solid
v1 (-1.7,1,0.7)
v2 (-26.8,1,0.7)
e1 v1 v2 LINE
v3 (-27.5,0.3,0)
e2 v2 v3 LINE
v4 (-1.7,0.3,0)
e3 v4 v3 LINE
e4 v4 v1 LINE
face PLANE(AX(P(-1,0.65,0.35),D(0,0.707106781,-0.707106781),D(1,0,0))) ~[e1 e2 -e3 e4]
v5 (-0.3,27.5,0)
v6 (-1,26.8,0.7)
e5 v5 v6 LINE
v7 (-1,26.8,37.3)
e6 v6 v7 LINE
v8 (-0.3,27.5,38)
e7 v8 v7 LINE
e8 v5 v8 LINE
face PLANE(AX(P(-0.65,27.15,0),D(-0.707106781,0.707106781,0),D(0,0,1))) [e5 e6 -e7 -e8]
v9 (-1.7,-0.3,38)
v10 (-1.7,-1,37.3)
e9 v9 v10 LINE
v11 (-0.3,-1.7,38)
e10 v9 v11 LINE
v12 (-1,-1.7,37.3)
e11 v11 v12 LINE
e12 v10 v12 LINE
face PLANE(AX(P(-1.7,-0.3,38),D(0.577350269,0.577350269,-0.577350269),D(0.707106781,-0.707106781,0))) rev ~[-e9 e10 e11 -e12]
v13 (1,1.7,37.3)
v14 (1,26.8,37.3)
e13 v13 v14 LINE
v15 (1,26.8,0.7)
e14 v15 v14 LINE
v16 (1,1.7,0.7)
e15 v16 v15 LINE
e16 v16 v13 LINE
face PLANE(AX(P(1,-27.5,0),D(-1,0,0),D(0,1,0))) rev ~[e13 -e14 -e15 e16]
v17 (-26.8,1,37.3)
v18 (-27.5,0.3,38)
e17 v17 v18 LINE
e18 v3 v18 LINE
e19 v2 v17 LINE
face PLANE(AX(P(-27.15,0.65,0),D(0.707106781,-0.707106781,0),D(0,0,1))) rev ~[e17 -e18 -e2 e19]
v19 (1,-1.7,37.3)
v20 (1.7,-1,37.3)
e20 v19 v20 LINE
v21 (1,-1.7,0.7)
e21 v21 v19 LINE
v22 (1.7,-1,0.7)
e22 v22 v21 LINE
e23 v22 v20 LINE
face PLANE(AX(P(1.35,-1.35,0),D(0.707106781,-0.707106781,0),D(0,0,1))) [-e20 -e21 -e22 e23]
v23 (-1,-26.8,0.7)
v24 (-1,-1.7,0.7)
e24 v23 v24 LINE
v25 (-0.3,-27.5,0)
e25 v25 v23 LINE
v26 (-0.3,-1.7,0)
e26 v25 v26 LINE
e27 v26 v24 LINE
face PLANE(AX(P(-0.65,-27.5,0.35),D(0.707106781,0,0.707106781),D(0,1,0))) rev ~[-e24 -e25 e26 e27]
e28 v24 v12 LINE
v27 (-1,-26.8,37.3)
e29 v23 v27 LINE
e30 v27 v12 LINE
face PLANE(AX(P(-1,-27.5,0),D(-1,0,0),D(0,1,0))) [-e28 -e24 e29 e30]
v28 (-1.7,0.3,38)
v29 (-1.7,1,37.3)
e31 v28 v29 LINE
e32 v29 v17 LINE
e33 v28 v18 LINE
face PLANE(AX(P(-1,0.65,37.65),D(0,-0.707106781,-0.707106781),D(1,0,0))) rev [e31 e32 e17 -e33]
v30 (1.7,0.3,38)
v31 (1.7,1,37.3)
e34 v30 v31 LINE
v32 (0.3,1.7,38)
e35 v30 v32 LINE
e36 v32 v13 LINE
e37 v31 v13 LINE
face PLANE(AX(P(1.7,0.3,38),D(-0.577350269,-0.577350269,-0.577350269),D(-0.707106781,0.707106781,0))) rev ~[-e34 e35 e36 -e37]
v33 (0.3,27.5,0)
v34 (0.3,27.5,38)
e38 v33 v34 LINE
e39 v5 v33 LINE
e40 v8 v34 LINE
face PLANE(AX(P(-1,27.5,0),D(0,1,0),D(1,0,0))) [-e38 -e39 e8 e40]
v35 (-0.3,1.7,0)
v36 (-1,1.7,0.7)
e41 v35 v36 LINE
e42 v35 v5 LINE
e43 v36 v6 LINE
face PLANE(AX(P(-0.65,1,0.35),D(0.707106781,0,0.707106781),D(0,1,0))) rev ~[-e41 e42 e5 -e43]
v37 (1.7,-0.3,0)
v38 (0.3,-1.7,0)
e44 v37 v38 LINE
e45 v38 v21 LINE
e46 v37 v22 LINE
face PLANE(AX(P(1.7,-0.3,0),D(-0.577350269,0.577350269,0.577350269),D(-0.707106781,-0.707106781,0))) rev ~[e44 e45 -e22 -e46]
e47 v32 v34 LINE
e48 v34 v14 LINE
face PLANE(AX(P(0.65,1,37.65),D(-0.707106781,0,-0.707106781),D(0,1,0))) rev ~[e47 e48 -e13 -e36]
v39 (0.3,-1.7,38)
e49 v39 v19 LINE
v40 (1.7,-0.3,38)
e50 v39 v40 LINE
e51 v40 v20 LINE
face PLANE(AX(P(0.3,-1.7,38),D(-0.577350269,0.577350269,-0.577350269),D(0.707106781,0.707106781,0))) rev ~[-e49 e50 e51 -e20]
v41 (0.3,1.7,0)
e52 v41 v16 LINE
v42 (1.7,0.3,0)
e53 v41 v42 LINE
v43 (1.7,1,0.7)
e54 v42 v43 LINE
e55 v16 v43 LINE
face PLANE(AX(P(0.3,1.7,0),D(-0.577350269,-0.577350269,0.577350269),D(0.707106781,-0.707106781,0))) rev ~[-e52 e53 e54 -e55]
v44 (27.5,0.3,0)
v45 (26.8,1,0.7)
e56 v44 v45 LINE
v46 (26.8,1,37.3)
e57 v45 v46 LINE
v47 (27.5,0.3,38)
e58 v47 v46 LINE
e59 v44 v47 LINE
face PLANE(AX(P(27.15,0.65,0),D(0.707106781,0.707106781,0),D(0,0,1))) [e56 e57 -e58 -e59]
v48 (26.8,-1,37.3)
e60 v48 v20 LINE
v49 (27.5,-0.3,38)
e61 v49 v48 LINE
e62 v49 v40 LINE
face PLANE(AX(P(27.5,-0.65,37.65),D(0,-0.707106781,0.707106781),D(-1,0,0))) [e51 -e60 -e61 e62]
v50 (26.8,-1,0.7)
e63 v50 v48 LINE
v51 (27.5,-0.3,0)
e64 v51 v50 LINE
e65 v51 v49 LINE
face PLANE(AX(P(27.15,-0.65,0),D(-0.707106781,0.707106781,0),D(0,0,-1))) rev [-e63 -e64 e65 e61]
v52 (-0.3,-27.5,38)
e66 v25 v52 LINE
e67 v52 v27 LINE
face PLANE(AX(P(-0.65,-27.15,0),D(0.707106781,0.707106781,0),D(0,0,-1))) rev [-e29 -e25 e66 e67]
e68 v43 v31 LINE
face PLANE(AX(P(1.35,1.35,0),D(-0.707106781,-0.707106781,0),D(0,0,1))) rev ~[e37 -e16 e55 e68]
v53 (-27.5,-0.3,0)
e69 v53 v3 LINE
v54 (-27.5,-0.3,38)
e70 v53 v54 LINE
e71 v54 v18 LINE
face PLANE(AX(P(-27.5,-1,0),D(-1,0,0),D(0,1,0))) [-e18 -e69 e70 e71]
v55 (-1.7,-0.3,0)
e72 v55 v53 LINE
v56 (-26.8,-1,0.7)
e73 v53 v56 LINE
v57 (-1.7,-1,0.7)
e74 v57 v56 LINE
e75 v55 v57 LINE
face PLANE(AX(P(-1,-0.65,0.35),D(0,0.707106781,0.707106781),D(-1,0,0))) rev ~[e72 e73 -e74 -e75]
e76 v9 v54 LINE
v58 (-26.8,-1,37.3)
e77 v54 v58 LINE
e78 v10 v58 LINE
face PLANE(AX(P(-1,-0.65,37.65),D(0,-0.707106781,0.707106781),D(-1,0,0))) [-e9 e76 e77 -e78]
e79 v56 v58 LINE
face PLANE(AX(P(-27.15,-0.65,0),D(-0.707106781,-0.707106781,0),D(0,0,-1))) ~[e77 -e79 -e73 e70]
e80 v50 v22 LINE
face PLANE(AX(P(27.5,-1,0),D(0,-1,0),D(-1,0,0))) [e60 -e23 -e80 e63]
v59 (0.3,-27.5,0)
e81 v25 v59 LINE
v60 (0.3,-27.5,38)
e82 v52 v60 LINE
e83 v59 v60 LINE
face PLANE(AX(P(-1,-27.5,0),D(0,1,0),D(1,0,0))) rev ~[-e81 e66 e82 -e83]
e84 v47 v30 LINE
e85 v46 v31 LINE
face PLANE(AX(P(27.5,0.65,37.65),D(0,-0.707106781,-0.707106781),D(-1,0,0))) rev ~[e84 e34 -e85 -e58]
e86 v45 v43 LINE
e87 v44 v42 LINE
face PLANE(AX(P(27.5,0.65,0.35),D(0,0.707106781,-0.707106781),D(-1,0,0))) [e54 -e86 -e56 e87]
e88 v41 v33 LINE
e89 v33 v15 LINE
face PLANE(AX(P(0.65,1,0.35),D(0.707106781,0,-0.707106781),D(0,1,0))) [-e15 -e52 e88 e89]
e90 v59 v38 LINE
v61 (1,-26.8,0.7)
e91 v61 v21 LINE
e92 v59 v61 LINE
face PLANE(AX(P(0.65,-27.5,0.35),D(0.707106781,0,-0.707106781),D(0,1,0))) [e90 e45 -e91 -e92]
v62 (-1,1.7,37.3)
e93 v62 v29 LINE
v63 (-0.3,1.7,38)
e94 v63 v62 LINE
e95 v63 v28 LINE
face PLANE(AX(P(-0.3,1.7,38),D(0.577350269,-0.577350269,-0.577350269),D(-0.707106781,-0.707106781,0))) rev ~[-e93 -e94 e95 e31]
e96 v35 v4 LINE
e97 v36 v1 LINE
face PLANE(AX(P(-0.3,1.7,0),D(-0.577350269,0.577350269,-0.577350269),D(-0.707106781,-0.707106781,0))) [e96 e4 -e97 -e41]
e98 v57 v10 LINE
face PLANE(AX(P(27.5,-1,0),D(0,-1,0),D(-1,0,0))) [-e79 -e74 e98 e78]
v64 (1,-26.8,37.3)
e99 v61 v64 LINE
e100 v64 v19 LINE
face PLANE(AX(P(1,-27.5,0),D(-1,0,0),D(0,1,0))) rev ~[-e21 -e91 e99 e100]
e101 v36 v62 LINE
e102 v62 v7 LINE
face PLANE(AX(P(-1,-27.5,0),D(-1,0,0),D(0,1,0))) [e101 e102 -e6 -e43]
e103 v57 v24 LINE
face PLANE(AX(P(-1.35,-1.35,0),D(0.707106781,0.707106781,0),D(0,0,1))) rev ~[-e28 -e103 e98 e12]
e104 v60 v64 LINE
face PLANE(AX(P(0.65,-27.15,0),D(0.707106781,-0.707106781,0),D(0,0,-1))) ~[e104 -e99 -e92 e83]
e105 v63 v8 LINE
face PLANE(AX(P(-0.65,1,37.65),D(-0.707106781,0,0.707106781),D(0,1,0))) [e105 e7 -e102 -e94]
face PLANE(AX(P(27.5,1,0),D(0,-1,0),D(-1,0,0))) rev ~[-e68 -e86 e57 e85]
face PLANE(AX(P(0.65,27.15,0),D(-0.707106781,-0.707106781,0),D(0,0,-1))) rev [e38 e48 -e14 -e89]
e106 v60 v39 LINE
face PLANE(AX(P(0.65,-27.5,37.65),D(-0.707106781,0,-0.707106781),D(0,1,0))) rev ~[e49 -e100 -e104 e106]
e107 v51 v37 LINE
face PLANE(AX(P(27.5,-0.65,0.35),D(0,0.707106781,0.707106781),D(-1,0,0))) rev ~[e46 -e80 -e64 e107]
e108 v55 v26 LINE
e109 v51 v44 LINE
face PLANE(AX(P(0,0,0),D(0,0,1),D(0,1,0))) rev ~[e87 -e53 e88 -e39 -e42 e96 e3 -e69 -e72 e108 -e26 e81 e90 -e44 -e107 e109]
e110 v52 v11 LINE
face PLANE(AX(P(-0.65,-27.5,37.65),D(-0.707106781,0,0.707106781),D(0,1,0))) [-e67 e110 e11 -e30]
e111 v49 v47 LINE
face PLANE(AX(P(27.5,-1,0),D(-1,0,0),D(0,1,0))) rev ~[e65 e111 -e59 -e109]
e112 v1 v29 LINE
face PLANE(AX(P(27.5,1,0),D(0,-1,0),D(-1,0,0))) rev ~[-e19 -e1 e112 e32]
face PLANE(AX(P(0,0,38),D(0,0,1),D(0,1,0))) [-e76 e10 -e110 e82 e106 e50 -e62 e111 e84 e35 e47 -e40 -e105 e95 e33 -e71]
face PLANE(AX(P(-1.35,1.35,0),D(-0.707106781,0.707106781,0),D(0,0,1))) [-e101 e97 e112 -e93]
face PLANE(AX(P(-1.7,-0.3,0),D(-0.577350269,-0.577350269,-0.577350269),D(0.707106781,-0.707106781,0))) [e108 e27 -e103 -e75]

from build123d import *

# Parameters (mm, degrees)
F0_W     = 2
F0_H     = 55
F1_DEPTH = 38
F7_COUNT = 4
F9_SIZE  = 0.7


with BuildPart() as f1:
    # F0 (on Top) → F1 (new body)
    with BuildSketch(Plane.XY):
        with Locations((-1, 27.5)):
            Rectangle(F0_W, F0_H)
    extrude(amount=F1_DEPTH)


with BuildPart() as f1_1:
    # F3: moved
    add(f1.part.moved(Location((1, 0, 0))))


with BuildPart() as f1_2:
    # F5: moved
    add(f1_1.part.moved(Location((0, -27.5, 0))))


with BuildPart() as f7_1:
    # F7: instance of F1
    add(f1_2.part.rotate(Axis((0, 0, 29.2499251664), (0, 0, 1)), 1 * 360 / F7_COUNT))


with BuildPart() as f7_2:
    # F7: instance of F1
    add(f1_2.part.rotate(Axis((0, 0, 29.2499251664), (0, 0, 1)), 2 * 360 / F7_COUNT))


with BuildPart() as f7_3:
    # F7: instance of F1
    add(f1_2.part.rotate(Axis((0, 0, 29.2499251664), (0, 0, 1)), 3 * 360 / F7_COUNT))


with BuildPart() as f1_3:
    add(f1_2.part)

    # F8: union F7_1, F7_2, F7_3
    add(f7_1.part)
    add(f7_2.part)
    add(f7_3.part)

    # F9
    f9_edges = [f1_3.edges().sort_by_distance(p)[0] for p in [
        (14.25, 1, 0),
        (1, 1, 19),
        (14.25, 1, 38),
        (27.5, 1, 19),
        (1, 14.25, 0),
        (1, 27.5, 19),
        (1, 14.25, 38),
        (-14.25, 1, 0),
        (-27.5, 1, 19),
        (-14.25, 1, 38),
        (-1, 1, 19),
        (-1, 14.25, 0),
        (-1, 14.25, 38),
        (-1, 27.5, 19),
        (-1, -14.25, 0),
        (-1, -27.5, 19),
        (-1, -14.25, 38),
        (-1, -1, 19),
        (-14.25, -1, 0),
        (-14.25, -1, 38),
        (-27.5, -1, 19),
        (1, -14.25, 0),
        (1, -1, 19),
        (1, -14.25, 38),
        (1, -27.5, 19),
        (14.25, -1, 0),
        (27.5, -1, 19),
        (14.25, -1, 38),
    ]]
    chamfer(f9_edges, length=F9_SIZE)


solid = f1_3.part
